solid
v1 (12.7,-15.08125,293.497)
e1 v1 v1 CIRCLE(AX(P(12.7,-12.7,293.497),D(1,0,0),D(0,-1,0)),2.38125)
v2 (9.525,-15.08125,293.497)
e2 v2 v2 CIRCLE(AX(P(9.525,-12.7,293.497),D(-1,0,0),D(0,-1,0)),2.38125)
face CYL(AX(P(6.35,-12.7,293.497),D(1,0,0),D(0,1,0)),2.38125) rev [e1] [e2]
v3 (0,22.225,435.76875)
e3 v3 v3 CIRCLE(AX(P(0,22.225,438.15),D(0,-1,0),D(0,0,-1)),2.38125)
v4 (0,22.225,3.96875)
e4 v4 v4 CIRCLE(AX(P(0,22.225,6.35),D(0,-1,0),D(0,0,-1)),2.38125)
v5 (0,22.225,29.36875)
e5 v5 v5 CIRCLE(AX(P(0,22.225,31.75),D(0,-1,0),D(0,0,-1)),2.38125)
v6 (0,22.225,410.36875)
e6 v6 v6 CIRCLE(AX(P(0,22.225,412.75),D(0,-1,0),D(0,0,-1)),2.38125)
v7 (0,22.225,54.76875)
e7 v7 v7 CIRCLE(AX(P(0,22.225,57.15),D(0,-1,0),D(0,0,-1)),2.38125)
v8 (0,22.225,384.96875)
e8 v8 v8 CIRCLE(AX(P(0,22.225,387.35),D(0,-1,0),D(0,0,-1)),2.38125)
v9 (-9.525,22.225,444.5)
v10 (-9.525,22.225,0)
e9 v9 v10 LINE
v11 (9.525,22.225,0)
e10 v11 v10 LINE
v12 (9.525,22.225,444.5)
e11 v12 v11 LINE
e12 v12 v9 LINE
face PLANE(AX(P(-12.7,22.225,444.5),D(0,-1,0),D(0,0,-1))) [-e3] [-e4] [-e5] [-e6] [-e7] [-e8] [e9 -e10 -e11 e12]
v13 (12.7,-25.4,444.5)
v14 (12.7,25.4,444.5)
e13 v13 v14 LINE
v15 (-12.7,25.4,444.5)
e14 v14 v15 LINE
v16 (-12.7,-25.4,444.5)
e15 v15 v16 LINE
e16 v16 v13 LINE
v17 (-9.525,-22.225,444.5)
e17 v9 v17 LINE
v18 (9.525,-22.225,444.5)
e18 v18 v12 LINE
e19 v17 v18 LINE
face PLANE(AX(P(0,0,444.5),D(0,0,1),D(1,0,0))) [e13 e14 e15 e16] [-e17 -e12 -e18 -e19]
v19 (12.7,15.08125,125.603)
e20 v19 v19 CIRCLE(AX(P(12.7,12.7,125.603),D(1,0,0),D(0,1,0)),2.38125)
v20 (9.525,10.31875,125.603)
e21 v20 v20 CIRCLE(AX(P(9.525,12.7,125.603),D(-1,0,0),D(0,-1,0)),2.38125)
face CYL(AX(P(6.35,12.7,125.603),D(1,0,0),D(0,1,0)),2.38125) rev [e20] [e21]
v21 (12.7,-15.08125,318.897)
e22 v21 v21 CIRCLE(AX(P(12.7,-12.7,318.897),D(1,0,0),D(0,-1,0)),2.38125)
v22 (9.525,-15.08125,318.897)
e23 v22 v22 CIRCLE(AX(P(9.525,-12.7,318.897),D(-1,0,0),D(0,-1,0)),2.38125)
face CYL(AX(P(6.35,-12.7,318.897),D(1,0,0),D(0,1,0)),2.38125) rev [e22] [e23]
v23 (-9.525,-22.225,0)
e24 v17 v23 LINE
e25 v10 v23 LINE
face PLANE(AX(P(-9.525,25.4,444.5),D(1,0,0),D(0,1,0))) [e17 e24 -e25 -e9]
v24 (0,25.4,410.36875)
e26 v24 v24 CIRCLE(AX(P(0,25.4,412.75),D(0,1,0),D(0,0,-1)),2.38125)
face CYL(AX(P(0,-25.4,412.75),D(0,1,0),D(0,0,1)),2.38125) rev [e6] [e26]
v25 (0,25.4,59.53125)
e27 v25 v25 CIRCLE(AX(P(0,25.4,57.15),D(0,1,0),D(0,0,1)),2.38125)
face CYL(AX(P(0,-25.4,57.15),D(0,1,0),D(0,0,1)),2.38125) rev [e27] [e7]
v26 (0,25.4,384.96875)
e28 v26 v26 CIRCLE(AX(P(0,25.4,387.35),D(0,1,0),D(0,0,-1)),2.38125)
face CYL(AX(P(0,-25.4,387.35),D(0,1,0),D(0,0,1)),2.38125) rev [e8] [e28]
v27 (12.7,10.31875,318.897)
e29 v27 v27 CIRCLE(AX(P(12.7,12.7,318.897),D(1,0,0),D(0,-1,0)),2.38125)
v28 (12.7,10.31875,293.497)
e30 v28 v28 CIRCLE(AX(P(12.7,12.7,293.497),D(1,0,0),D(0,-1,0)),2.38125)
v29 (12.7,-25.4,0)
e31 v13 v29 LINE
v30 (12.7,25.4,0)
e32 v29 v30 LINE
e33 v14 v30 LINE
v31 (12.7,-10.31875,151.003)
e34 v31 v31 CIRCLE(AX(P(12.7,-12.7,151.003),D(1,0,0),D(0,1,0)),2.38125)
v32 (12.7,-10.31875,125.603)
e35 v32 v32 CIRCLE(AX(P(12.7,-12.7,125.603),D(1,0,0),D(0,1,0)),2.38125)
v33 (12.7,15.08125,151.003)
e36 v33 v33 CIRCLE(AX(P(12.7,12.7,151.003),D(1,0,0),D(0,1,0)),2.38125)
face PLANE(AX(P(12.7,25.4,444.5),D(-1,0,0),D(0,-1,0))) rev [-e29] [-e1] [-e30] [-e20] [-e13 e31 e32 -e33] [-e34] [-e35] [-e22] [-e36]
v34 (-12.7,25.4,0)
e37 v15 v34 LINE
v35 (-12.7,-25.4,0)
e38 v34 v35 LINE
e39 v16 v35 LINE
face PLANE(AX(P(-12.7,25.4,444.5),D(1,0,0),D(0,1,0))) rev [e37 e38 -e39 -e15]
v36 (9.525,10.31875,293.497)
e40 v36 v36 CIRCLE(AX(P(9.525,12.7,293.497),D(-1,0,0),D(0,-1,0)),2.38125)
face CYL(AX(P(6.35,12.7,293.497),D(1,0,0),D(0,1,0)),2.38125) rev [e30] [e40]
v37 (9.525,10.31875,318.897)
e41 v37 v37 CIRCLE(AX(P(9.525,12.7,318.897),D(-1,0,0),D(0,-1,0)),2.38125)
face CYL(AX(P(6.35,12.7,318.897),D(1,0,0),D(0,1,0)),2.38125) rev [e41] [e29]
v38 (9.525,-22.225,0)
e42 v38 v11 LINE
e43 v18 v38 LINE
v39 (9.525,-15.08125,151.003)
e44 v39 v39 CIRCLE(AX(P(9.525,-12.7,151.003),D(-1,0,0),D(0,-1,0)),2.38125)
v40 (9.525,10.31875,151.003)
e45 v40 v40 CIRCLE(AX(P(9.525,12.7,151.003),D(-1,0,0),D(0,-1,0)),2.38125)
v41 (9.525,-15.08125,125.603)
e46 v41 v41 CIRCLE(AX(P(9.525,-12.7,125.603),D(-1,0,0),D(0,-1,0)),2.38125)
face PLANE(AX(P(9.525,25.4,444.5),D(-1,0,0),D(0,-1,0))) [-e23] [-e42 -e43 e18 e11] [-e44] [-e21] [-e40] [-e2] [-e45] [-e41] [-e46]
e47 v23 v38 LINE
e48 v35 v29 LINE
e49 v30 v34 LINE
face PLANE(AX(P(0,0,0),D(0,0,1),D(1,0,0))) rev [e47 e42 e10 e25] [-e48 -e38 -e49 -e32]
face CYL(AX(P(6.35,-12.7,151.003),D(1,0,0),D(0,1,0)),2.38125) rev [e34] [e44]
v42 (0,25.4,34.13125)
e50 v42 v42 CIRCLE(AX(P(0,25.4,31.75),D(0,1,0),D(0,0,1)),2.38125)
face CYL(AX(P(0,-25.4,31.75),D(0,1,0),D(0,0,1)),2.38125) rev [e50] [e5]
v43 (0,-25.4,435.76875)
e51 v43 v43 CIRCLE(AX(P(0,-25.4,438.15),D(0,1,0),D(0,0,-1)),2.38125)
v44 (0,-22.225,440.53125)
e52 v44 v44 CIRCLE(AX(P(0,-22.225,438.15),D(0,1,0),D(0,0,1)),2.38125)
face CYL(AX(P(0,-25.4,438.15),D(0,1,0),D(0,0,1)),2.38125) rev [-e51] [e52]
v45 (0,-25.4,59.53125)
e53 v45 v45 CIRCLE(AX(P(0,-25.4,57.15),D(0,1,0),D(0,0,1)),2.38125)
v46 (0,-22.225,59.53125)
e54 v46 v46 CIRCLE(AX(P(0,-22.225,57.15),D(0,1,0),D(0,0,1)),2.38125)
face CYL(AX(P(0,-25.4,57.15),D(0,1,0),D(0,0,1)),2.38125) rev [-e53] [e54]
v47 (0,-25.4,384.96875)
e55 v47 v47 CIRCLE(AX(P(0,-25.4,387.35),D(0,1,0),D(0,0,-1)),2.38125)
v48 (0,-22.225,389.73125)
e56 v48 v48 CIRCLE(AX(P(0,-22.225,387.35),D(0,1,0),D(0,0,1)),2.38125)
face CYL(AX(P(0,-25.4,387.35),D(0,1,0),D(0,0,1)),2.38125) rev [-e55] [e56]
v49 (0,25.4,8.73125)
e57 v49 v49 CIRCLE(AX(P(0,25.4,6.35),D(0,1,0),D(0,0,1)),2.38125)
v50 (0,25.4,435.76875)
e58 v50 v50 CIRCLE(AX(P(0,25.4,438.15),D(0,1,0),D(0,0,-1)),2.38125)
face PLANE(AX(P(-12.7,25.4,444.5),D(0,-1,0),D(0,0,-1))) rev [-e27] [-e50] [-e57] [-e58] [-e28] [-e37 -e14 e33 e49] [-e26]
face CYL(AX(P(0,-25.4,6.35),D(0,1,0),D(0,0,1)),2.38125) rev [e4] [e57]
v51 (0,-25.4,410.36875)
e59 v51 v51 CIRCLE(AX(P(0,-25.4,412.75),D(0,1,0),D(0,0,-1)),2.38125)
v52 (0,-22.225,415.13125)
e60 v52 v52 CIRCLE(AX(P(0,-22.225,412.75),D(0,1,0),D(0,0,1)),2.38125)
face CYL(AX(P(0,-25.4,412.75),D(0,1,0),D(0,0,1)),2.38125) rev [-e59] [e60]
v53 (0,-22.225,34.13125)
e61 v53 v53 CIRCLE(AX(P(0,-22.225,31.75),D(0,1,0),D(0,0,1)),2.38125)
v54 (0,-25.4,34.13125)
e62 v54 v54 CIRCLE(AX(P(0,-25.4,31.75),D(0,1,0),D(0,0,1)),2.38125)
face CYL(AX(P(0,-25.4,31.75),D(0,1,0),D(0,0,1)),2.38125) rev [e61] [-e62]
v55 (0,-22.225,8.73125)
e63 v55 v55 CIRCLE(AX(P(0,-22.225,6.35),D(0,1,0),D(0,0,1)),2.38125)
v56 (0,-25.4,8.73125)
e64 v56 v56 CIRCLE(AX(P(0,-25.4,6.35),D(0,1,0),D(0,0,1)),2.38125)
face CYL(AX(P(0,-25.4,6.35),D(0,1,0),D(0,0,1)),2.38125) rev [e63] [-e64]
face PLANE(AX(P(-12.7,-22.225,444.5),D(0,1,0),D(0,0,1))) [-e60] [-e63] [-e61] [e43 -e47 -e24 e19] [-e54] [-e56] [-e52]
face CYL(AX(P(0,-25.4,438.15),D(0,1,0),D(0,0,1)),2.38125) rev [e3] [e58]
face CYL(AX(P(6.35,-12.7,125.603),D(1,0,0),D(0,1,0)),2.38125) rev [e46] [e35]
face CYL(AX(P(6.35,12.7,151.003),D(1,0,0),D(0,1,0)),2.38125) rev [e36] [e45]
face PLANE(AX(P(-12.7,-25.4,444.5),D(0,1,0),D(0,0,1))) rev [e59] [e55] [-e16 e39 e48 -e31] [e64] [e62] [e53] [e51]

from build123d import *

# Parameters (mm, degrees)
SKETCH1_W           = 25.4
SKETCH1_H           = 50.8
BOSS_EXTRUDE1_DEPTH = 444.5
SHELL1_T            = -3.175
SKETCH2_R           = 2.38125
CUT_EXTRUDE1_DEPTH  = 448.573658742
SKETCH3_R           = 2.38125
CUT_EXTRUDE2_DEPTH  = 6.35


with BuildPart() as part:
    # Sketch1 → Boss-Extrude1 (new body)
    with BuildSketch(Plane.XY):
        Rectangle(SKETCH1_W, SKETCH1_H)
    extrude(amount=BOSS_EXTRUDE1_DEPTH)

    # Shell1
    shell1_openings = [part.faces().sort_by_distance(p)[0] for p in [
        (0, 0, 444.5),
        (0, 0, 0),
    ]]
    offset(amount=SHELL1_T, openings=shell1_openings, kind=Kind.INTERSECTION)

    # Sketch2 → Cut-Extrude1 (cut, through all)
    with BuildSketch(Plane(origin=(0, 25.4, 0), x_dir=(1, 0, 0), z_dir=(0, 1, 0))):
        with Locations(Location((0, -6.35, 0), (0, 0, 270))):
            Circle(SKETCH2_R)
        with Locations(Location((0, -31.75, 0), (0, 0, 270))):
            Circle(SKETCH2_R)
        with Locations(Location((0, -57.15, 0), (0, 0, 270))):
            Circle(SKETCH2_R)
        with Locations(Location((0, -387.35, 0), (0, 0, 270))):
            Circle(SKETCH2_R)
        with Locations(Location((0, -412.75, 0), (0, 0, 270))):
            Circle(SKETCH2_R)
        with Locations(Location((0, -438.15, 0), (0, 0, 270))):
            Circle(SKETCH2_R)
    extrude(amount=-CUT_EXTRUDE1_DEPTH, mode=Mode.SUBTRACT)

    # Sketch3 → Cut-Extrude2 (cut)
    with BuildSketch(Plane(origin=(12.7, 0, 0), x_dir=(0, 0, -1), z_dir=(1, 0, 0))):
        with Locations(Location((-125.603, -12.7, 0), (0, 0, 90))):
            Circle(SKETCH3_R)
        with Locations(Location((-125.603, 12.7, 0), (0, 0, 90))):
            Circle(SKETCH3_R)
        with Locations(Location((-151.003, 12.7, 0), (0, 0, 90))):
            Circle(SKETCH3_R)
        with Locations(Location((-151.003, -12.7, 0), (0, 0, 90))):
            Circle(SKETCH3_R)
        with Locations(Location((-293.497, -12.7, 0), (0, 0, 270))):
            Circle(SKETCH3_R)
        with Locations(Location((-293.497, 12.7, 0), (0, 0, 270))):
            Circle(SKETCH3_R)
        with Locations(Location((-318.897, 12.7, 0), (0, 0, 270))):
            Circle(SKETCH3_R)
        with Locations(Location((-318.897, -12.7, 0), (0, 0, 270))):
            Circle(SKETCH3_R)
    extrude(amount=-CUT_EXTRUDE2_DEPTH, mode=Mode.SUBTRACT)


solid = part.part
